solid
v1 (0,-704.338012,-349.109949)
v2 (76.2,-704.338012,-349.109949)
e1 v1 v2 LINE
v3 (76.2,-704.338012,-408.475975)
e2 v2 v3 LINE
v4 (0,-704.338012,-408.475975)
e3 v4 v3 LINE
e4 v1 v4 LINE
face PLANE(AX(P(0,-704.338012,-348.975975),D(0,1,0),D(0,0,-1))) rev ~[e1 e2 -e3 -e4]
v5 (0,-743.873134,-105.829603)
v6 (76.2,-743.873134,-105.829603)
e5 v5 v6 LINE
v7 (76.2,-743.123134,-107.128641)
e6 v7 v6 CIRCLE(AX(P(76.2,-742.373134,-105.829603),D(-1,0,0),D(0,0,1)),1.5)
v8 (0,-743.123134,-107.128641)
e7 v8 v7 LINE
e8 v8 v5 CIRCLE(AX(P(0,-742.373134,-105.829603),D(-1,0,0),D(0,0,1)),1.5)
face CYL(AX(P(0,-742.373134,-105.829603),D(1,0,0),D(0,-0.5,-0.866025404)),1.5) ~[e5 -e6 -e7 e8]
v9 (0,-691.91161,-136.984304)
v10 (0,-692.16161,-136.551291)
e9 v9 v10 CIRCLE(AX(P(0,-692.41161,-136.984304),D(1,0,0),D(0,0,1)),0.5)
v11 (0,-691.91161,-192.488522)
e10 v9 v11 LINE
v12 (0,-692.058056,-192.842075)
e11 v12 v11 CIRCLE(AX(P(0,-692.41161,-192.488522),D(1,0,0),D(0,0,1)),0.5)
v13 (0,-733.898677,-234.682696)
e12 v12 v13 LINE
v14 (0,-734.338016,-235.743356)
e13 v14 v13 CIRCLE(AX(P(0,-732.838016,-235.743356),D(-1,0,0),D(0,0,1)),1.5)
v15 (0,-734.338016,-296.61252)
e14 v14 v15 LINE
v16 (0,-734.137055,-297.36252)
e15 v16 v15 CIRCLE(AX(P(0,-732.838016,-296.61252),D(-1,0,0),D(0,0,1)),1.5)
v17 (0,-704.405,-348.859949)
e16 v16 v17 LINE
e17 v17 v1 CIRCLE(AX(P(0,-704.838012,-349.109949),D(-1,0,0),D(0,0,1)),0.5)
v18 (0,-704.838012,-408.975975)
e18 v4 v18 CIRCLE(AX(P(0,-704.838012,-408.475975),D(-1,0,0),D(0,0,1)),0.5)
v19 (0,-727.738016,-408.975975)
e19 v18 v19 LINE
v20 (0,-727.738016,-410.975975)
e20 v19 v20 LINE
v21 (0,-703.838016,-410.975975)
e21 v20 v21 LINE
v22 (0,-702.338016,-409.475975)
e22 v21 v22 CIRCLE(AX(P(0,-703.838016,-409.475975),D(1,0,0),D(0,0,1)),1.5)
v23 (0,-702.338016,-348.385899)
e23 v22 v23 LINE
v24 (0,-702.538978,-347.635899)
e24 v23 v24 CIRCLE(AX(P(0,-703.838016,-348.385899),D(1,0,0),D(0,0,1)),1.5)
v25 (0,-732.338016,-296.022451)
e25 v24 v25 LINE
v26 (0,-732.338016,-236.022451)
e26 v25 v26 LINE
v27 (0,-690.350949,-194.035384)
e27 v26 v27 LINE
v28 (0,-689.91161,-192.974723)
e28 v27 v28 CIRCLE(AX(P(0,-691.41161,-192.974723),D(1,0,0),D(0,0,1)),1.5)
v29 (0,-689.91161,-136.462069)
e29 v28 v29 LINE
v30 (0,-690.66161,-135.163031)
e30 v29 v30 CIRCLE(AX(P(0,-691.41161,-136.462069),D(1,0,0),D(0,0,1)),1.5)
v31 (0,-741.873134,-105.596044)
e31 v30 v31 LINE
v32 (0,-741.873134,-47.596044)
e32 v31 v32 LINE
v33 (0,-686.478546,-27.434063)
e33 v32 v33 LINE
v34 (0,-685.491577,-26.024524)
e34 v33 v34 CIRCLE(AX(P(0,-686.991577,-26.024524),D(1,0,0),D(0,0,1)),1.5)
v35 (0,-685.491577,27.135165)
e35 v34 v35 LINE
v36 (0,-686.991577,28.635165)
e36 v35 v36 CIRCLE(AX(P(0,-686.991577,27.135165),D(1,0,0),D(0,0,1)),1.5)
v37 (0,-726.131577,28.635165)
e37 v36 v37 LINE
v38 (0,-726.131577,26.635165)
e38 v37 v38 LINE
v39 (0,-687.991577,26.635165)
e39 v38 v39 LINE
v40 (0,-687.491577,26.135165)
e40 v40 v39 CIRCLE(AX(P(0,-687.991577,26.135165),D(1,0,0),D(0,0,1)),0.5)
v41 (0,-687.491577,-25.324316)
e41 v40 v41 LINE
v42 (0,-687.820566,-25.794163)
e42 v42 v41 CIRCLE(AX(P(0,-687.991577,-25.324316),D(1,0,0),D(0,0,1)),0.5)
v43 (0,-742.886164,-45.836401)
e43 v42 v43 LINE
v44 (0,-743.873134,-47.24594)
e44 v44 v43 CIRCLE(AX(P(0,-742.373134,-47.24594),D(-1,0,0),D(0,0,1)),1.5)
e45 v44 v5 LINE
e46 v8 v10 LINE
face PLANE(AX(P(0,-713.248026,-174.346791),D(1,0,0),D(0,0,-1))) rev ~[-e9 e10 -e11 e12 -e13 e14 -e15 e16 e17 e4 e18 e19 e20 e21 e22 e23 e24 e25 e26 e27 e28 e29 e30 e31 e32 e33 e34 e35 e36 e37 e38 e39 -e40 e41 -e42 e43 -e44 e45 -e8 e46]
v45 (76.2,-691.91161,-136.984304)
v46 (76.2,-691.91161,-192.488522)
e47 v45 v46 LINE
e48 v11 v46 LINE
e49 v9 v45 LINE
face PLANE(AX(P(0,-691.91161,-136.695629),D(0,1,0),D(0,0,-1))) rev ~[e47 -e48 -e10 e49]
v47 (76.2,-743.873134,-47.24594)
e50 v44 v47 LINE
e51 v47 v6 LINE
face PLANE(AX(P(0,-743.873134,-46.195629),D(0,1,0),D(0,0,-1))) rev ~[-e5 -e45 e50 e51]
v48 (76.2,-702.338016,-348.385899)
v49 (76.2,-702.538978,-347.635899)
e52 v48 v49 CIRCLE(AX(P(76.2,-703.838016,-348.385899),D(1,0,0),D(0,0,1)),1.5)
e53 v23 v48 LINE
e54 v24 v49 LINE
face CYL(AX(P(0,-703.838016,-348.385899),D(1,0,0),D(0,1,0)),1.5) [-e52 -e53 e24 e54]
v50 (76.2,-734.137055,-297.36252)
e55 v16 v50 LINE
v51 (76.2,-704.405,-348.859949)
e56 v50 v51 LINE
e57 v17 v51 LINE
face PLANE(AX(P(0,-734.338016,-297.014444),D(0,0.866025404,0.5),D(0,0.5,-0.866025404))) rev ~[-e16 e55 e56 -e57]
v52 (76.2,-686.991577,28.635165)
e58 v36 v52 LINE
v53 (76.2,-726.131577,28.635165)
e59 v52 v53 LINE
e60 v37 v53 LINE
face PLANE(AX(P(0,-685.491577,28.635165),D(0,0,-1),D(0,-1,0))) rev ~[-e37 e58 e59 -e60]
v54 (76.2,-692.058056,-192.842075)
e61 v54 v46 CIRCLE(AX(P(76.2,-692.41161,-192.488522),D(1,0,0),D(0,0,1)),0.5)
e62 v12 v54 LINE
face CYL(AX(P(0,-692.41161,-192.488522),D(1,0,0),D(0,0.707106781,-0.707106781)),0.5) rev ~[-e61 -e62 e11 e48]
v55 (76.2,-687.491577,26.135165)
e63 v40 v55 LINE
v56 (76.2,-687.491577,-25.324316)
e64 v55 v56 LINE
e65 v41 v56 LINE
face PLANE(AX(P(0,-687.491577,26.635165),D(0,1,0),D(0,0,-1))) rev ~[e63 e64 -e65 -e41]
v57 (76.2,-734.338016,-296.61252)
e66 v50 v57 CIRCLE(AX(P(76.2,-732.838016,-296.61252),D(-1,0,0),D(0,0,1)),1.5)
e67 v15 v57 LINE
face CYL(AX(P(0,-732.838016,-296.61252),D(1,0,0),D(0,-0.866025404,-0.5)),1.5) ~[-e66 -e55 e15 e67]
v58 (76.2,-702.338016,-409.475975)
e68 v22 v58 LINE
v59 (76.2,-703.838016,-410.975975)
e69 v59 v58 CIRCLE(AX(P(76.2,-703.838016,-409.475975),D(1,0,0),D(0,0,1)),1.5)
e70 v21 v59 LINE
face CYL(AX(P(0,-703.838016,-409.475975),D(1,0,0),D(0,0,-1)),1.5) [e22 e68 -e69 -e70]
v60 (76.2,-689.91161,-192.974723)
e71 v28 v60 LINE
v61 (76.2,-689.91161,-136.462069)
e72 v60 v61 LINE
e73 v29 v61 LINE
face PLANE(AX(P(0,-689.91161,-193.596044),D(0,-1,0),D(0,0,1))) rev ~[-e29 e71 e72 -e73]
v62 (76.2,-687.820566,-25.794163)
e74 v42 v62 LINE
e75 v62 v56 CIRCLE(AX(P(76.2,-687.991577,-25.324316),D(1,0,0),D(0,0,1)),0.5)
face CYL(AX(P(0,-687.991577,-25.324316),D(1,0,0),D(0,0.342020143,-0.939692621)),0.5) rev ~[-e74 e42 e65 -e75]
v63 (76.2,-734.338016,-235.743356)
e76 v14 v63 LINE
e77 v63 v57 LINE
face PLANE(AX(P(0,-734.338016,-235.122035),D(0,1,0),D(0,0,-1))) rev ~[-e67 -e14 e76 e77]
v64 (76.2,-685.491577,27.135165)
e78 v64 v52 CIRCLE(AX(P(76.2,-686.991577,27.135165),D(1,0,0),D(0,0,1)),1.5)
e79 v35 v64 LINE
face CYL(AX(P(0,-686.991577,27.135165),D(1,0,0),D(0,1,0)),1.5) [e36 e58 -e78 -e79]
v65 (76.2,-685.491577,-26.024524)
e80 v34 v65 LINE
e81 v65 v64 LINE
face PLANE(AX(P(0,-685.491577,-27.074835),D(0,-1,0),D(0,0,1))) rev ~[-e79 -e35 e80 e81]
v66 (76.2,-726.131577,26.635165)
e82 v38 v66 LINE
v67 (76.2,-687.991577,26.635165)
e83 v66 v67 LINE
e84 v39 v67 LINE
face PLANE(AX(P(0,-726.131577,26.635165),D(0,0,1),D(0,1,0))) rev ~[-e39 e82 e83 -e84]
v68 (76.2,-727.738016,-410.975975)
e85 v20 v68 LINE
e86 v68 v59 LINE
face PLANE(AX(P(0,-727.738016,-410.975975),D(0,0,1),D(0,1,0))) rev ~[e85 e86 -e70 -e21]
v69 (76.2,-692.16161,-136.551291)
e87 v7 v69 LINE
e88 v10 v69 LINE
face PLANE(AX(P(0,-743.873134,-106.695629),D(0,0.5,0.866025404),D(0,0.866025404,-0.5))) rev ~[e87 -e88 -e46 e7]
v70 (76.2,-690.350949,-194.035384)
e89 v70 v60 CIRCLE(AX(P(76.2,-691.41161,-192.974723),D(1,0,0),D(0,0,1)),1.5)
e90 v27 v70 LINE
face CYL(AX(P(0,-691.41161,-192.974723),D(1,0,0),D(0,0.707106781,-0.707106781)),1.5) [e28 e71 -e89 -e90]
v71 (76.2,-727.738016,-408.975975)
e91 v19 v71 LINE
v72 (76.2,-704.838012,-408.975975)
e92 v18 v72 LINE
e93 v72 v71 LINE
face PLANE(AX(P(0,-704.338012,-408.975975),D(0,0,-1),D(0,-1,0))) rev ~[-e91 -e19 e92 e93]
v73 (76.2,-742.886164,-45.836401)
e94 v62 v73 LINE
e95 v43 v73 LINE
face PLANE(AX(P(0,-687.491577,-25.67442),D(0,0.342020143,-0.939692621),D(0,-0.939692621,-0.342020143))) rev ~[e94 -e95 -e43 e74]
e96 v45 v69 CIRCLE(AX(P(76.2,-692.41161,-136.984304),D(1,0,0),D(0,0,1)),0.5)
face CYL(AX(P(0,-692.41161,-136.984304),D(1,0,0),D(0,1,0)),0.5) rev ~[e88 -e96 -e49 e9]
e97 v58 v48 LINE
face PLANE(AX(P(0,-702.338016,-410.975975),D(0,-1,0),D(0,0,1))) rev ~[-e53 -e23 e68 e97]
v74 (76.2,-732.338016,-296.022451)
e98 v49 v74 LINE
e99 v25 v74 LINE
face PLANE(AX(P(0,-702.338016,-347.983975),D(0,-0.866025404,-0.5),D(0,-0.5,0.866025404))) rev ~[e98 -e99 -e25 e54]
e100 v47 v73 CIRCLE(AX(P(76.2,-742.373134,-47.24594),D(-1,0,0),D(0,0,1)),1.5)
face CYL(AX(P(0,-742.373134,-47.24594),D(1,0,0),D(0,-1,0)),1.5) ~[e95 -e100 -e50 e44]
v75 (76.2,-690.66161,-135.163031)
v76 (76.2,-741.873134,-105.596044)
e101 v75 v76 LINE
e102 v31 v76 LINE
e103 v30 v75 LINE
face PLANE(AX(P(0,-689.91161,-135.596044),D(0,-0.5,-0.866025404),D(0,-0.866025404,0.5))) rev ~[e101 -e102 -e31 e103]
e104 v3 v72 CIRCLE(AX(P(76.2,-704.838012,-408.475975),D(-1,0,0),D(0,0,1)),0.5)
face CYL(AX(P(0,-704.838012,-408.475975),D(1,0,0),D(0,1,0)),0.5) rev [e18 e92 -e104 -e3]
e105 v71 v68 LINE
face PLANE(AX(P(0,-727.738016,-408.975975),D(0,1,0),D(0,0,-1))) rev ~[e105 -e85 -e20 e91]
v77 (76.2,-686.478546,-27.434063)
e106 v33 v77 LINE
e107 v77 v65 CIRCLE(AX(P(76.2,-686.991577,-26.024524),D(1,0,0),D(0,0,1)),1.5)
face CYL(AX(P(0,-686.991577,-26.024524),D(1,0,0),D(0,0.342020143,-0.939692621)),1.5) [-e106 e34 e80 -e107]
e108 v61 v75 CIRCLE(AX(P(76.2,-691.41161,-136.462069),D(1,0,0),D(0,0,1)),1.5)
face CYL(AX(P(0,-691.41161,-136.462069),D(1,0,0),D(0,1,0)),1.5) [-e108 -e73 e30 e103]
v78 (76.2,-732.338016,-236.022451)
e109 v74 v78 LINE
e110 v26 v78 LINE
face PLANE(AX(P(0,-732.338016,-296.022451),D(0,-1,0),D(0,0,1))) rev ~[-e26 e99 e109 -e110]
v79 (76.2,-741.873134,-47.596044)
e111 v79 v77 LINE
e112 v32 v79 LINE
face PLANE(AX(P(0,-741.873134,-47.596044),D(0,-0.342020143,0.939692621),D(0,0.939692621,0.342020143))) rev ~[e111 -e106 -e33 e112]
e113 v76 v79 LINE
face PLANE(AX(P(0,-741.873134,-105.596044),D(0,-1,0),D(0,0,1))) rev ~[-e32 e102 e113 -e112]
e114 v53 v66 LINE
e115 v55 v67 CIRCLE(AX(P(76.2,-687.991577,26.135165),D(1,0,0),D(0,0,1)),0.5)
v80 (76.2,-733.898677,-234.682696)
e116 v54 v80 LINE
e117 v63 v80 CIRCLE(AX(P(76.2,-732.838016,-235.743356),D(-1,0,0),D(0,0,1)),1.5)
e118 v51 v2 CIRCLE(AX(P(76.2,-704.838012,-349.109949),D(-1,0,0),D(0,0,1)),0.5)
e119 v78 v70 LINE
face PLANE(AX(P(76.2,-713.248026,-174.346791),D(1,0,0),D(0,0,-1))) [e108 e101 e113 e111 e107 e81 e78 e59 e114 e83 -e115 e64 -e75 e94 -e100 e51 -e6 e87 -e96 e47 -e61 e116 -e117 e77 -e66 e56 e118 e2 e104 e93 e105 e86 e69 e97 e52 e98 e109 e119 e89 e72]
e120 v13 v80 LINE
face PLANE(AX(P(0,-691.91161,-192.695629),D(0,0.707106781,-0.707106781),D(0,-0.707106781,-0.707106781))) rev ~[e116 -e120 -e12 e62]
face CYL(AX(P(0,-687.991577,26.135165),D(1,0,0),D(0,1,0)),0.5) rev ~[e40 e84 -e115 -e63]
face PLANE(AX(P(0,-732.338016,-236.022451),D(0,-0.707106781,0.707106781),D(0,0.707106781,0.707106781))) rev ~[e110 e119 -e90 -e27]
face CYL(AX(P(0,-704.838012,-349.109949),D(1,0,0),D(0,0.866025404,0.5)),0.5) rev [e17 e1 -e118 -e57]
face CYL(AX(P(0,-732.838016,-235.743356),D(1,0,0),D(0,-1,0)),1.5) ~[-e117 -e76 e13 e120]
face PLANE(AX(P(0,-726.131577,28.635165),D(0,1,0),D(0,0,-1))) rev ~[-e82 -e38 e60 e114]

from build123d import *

# Parameters (mm, degrees)
BOSS_EXTRUDE1_DEPTH = 76.2
FILLET1_R           = 1.5
FILLET2_R           = 1.5
FILLET3_R           = 0.5


with BuildPart() as part:
    # Sketch1 → Boss-Extrude1 (new body)
    with BuildSketch(Plane(origin=(0, 0, 0), x_dir=(0, 0, -1), z_dir=(1, 0, 0))):
        Polygon((410.975974775, -727.738016425), (410.975974775, -702.338016425), (347.983974775, -702.338016425), (296.022450548, -732.338016425), (236.022450548, -732.338016425), (193.596043677, -689.911609554), (135.596043677, -689.911609554), (105.596043677, -741.873133781), (47.596043677, -741.873133781), (27.074835078, -685.491576534), (-28.635164922, -685.491576534), (-28.635164922, -726.131576534), (-26.635164922, -726.131576534), (-26.635164922, -687.491576534), (25.674420001, -687.491576534), (46.195628601, -743.873133781), (106.695628601, -743.873133781), (136.695628601, -691.911609554), (192.695628601, -691.911609554), (235.122035472, -734.338016425), (297.01444362, -734.338016425), (348.975974775, -704.338012425), (408.975974775, -704.338012425), (408.975974775, -727.738016425), align=None)
    extrude(amount=BOSS_EXTRUDE1_DEPTH)

    # Fillet1
    fillet1_edges = [part.edges().sort_by_distance(p)[0] for p in [
        (38.1, -685.491576534, 28.635164922),
        (38.1, -685.491576534, -27.074835078),
        (38.1, -689.911609554, -135.596043677),
        (38.1, -689.911609554, -193.596043677),
        (38.1, -702.338016425, -347.983974775),
        (38.1, -702.338016425, -410.975974775),
    ]]
    fillet(fillet1_edges, radius=FILLET1_R)

    # Fillet2
    fillet2_edges = [part.edges().sort_by_distance(p)[0] for p in [
        (38.1, -734.338016425, -297.01444362),
        (38.1, -734.338016425, -235.122035472),
        (38.1, -743.873133781, -106.695628601),
        (38.1, -743.873133781, -46.195628601),
    ]]
    fillet(fillet2_edges, radius=FILLET2_R)

    # Fillet3
    fillet3_edges = [part.edges().sort_by_distance(p)[0] for p in [
        (38.1, -704.338012425, -408.975974775),
        (38.1, -704.338012425, -348.975974775),
        (38.1, -691.911609554, -192.695628601),
        (38.1, -691.911609554, -136.695628601),
        (38.1, -687.491576534, -25.674420001),
        (38.1, -687.491576534, 26.635164922),
    ]]
    fillet(fillet3_edges, radius=FILLET3_R)


solid = part.part
